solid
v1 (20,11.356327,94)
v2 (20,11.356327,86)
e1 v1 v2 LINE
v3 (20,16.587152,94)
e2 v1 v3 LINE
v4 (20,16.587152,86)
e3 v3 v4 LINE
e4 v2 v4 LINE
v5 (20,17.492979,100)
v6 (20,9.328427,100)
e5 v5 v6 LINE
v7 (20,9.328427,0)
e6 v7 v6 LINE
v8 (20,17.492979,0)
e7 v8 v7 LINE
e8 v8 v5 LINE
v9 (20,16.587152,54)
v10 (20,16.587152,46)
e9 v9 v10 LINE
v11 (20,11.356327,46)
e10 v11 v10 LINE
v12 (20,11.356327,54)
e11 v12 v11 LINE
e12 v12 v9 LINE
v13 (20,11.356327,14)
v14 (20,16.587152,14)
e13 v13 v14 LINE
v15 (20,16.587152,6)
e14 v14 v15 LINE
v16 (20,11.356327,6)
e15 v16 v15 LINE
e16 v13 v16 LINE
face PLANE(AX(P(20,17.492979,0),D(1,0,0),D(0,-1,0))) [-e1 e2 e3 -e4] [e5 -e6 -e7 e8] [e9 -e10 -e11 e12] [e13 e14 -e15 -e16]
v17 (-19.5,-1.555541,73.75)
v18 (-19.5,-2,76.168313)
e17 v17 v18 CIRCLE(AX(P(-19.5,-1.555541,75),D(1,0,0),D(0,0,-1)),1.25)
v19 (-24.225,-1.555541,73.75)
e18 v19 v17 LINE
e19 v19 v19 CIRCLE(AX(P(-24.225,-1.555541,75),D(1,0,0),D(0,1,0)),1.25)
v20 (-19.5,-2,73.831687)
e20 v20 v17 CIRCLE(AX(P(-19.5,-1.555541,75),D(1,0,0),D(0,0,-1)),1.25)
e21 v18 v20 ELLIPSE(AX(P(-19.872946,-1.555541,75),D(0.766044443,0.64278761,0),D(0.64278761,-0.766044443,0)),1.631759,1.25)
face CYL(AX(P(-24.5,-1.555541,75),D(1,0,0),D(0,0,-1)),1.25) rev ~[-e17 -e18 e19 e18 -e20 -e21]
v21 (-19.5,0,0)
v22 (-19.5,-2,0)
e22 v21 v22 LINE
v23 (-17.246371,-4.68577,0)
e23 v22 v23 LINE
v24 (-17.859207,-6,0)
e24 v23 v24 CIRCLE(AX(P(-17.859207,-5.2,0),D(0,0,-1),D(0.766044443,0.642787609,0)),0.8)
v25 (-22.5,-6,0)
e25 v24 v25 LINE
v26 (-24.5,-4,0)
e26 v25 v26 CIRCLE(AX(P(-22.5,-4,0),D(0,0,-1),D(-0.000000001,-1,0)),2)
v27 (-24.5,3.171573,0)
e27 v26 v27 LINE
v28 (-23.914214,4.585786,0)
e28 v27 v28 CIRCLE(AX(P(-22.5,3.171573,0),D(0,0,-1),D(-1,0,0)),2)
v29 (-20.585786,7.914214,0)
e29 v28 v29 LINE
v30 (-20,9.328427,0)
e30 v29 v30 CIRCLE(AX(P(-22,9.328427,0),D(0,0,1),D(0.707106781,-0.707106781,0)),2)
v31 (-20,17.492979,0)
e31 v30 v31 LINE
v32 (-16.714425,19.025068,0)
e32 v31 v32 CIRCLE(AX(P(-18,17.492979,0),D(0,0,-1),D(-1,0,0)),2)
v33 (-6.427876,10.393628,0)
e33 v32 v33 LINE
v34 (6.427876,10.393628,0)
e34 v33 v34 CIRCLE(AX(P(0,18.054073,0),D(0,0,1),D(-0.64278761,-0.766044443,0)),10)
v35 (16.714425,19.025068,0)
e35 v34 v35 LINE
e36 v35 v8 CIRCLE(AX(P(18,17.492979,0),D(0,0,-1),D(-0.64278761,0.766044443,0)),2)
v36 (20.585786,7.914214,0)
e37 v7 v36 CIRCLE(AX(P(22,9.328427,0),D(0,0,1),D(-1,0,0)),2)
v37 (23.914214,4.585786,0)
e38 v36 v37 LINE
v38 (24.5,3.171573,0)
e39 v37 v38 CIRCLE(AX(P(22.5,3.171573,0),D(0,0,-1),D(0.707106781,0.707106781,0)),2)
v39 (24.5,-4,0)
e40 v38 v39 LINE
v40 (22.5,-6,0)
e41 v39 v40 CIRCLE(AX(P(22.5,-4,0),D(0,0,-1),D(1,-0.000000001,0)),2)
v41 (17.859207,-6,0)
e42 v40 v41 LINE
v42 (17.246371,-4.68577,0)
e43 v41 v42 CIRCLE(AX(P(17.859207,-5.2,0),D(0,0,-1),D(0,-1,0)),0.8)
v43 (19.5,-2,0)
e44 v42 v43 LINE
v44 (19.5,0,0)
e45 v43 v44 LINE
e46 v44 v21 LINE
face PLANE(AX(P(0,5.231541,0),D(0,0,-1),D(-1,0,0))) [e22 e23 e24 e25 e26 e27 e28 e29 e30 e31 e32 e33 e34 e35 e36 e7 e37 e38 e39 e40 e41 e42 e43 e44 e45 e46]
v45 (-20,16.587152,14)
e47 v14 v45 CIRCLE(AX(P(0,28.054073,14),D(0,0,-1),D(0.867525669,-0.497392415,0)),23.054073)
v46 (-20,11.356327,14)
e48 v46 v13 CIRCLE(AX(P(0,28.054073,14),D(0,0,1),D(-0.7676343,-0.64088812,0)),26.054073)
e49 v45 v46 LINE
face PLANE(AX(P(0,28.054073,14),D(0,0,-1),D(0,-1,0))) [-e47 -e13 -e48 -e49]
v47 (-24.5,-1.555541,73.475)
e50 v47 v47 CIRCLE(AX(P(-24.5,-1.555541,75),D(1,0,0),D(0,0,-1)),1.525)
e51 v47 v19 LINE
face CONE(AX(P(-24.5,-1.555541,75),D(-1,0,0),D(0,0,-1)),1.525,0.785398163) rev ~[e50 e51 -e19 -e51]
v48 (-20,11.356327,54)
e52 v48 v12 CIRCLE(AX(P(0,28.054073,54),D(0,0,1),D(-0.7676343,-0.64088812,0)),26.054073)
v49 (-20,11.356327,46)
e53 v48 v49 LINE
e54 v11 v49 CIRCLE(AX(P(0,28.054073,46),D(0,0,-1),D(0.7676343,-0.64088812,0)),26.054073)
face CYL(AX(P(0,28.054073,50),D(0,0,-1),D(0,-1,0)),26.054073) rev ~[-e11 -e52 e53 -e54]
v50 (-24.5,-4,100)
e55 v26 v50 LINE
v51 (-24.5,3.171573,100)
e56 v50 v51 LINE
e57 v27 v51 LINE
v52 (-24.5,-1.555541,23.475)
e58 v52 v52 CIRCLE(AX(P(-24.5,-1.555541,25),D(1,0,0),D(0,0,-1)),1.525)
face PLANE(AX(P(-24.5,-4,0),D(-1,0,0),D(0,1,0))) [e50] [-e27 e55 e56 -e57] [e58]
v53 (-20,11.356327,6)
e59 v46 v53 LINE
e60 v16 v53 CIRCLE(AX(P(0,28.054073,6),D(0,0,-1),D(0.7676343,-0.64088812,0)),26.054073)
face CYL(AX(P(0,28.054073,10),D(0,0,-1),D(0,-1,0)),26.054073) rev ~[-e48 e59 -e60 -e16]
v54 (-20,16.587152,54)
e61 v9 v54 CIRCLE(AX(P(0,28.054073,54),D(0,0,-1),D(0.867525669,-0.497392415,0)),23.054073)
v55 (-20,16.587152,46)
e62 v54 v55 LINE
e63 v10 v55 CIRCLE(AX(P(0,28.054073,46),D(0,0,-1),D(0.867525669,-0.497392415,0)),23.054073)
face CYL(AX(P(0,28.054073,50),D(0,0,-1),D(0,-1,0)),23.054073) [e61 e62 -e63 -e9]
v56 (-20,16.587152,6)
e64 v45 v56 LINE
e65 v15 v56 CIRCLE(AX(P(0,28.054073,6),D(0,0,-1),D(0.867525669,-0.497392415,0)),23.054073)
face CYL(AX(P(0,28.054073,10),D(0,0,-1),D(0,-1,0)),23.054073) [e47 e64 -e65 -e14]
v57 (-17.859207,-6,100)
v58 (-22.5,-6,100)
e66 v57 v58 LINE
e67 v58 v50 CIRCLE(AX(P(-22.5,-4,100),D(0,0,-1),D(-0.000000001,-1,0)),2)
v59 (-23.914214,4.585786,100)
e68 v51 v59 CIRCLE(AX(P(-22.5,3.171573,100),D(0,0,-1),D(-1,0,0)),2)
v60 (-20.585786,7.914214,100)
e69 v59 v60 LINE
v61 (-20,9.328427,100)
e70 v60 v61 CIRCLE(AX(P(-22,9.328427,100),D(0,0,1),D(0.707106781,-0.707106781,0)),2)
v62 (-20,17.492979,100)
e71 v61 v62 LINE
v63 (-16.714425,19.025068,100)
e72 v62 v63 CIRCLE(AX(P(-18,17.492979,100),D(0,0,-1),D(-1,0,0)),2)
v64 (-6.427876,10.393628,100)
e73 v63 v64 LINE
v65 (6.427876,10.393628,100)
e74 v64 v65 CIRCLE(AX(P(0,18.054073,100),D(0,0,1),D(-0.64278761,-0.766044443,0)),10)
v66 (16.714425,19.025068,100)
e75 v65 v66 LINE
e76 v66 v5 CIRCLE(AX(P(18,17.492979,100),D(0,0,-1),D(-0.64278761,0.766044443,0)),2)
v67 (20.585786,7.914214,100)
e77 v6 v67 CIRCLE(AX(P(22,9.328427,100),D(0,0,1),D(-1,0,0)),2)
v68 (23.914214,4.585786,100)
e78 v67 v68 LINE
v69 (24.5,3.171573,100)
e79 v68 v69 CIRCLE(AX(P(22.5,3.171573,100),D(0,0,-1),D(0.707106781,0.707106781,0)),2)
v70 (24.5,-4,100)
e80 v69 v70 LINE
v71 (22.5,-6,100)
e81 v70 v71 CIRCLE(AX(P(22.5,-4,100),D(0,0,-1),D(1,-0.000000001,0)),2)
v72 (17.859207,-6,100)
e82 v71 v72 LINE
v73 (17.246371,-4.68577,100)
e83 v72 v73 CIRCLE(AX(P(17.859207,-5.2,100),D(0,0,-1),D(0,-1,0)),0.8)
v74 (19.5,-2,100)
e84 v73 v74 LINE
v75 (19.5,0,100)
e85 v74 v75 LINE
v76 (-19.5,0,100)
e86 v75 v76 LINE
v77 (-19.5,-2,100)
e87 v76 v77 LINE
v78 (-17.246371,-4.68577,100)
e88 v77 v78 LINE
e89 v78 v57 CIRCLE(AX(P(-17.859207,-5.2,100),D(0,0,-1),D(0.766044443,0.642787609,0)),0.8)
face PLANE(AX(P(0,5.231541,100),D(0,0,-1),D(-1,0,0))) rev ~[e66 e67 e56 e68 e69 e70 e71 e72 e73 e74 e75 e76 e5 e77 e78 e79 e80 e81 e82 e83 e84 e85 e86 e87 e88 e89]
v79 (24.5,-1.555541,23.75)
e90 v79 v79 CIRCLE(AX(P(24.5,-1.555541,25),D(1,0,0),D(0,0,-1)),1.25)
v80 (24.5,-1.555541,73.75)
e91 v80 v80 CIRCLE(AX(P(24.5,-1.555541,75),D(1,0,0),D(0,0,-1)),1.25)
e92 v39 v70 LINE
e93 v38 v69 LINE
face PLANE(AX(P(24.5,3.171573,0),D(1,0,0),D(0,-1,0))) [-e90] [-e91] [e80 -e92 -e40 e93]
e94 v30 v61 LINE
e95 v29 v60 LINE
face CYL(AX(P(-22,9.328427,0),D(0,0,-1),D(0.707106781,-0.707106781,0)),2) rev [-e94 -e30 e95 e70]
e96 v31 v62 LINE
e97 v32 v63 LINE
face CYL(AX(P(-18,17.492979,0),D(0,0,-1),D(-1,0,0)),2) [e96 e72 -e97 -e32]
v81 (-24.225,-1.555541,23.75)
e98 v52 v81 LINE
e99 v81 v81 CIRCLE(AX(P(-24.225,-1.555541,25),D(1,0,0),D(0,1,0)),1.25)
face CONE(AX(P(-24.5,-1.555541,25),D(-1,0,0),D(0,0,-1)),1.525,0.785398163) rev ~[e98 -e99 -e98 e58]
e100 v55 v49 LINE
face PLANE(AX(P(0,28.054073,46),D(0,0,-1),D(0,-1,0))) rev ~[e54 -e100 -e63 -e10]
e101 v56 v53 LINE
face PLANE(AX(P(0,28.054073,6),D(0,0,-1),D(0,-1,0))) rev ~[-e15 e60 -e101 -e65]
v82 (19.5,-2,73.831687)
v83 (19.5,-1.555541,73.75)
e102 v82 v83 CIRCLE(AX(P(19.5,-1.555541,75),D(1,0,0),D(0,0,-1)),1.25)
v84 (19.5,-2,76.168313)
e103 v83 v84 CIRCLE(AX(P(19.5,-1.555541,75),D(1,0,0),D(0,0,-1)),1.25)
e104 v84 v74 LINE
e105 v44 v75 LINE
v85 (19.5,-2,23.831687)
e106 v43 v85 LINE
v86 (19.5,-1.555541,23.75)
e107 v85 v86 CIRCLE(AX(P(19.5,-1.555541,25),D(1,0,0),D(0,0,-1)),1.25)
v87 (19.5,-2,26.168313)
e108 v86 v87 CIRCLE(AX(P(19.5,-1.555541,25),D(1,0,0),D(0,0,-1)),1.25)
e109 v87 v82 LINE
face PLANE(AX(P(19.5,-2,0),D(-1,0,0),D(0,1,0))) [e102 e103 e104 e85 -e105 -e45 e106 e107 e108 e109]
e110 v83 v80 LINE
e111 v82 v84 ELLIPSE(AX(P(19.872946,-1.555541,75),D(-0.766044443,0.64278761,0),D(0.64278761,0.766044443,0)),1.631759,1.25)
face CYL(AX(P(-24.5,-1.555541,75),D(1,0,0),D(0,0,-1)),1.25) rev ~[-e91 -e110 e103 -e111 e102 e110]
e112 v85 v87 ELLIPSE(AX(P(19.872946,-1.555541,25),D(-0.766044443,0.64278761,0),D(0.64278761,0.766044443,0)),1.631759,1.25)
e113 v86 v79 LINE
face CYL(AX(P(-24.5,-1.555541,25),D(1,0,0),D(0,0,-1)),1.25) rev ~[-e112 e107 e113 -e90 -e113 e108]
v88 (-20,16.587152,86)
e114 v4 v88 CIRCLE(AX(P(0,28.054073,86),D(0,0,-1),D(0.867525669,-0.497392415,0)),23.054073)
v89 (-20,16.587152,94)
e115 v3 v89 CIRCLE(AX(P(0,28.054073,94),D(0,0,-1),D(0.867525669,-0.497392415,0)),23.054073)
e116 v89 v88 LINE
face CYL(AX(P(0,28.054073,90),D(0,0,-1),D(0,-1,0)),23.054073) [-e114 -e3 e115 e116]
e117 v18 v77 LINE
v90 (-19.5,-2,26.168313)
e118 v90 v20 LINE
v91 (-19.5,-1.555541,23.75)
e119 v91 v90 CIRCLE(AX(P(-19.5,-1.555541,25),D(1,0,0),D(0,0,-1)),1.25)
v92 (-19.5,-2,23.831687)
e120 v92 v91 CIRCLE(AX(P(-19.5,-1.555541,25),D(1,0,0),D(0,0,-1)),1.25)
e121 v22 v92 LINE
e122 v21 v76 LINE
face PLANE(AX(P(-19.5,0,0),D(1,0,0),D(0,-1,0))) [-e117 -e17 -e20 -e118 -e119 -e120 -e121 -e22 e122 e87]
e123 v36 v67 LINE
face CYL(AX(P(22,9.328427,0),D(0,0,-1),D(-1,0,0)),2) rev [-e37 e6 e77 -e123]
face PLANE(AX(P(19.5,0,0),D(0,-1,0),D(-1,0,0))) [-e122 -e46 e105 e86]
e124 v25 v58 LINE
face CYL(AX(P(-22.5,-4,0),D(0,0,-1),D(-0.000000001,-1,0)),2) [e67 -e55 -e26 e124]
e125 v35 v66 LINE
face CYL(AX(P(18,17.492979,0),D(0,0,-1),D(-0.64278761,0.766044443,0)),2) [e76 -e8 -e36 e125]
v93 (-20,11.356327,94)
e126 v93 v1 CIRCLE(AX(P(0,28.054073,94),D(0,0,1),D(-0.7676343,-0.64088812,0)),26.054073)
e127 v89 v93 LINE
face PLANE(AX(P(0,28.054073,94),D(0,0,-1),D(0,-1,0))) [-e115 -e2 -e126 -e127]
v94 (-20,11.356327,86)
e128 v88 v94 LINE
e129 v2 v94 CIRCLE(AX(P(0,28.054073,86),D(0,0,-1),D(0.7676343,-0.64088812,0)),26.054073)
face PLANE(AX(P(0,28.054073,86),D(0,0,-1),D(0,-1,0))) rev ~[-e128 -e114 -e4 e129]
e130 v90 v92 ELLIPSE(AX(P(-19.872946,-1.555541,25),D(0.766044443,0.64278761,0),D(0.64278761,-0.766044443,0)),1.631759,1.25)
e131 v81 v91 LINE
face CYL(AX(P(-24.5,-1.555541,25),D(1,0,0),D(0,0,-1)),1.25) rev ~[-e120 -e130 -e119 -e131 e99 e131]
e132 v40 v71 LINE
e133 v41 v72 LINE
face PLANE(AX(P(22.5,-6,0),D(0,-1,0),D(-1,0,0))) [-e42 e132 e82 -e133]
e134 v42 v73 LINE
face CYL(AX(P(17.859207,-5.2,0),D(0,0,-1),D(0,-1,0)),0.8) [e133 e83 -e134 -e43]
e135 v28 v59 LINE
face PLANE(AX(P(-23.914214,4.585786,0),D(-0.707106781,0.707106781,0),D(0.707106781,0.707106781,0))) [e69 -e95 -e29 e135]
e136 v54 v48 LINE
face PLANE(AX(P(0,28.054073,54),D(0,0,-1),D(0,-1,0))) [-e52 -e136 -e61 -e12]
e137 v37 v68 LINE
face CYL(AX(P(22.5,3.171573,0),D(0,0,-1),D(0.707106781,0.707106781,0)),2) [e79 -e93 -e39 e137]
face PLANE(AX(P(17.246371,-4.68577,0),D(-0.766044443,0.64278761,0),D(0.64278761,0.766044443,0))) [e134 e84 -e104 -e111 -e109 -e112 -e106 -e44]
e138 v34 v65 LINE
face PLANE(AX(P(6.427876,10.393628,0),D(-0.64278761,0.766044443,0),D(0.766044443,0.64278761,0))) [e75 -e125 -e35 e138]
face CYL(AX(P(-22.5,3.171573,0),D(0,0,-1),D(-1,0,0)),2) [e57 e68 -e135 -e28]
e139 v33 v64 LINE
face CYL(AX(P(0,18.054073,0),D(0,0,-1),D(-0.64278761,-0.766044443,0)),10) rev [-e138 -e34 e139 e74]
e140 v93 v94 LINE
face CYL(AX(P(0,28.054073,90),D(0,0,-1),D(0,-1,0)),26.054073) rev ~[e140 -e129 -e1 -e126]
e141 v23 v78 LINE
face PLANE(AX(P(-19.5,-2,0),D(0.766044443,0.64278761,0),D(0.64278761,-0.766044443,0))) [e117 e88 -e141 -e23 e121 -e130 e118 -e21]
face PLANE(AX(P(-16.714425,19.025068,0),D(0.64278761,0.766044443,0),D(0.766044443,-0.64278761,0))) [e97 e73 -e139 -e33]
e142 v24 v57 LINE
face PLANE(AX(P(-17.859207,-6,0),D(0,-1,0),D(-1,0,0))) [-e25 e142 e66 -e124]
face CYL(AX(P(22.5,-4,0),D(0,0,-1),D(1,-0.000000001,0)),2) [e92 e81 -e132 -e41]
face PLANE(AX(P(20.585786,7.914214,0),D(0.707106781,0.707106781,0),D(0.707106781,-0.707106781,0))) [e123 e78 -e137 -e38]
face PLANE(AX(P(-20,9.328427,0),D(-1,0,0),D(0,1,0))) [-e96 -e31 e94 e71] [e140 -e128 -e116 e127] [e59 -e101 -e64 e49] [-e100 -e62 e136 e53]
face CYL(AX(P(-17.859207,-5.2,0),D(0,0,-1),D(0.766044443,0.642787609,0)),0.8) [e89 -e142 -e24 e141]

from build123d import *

# Parameters (mm, degrees)
BOSS_EXTRUDE1_DEPTH             = 100
SKETCH2_W                       = 8
SKETCH2_H                       = 3
M3X0_5_TAPPED_HOLE1_D           = 2.5
M3X0_5_TAPPED_HOLE1_CSINK_D     = 3.05
M3X0_5_TAPPED_HOLE1_CSINK_ANGLE = 90


with BuildPart() as part:
    # Sketch1 → Boss-Extrude1 (new body)
    with BuildSketch(Plane.XY):
        with BuildLine():
            Line((6.427876097, 10.393628462), (16.714424781, 19.025067669))
            ThreePointArc((16.714424781, 19.025067669), (18.845236523, 19.305594357), (20, 17.492978783))
            Line((20, 17.492978783), (20, 9.328427125))
            ThreePointArc((20, 9.328427125), (20.152240935, 8.56306026), (20.585786438, 7.914213562))
            Line((20.585786438, 7.914213562), (23.914213562, 4.585786438))
            ThreePointArc((23.914213562, 4.585786438), (24.347759065, 3.93693974), (24.5, 3.171572875))
            Line((24.5, 3.171572875), (24.5, -4))
            ThreePointArc((24.5, -4), (23.914213562, -5.414213562), (22.5, -6))
            Line((22.5, -6), (17.859207012, -6))
            ThreePointArc((17.859207012, -6), (17.134160782, -5.538094609), (17.246371457, -4.685769912))
            Line((17.246371457, -4.685769912), (19.5, -2))
            Line((19.5, -2), (19.5, 0))
            Line((19.5, 0), (-19.5, 0))
            Line((-19.5, 0), (-19.5, -2))
            Line((-19.5, -2), (-17.246371457, -4.685769912))
            ThreePointArc((-17.246371457, -4.685769912), (-17.134160782, -5.538094609), (-17.859207012, -6))
            Line((-17.859207012, -6), (-22.5, -6))
            ThreePointArc((-22.5, -6), (-23.914213562, -5.414213562), (-24.5, -4))
            Line((-24.5, -4), (-24.5, 3.171572875))
            ThreePointArc((-24.5, 3.171572875), (-24.347759065, 3.93693974), (-23.914213562, 4.585786438))
            Line((-23.914213562, 4.585786438), (-20.585786438, 7.914213562))
            ThreePointArc((-20.585786438, 7.914213562), (-20.152240935, 8.56306026), (-20, 9.328427125))
            Line((-20, 9.328427125), (-20, 17.492978783))
            ThreePointArc((-20, 17.492978783), (-18.845236523, 19.305594357), (-16.714424781, 19.025067669))
            Line((-16.714424781, 19.025067669), (-6.427876097, 10.393628462))
            ThreePointArc((-6.427876097, 10.393628462), (0, 8.054072893), (6.427876097, 10.393628462))
        make_face()
    extrude(amount=BOSS_EXTRUDE1_DEPTH)

    # Sketch2 → Cut-Revolve1 (revolve, cut)
    with BuildSketch(Plane(origin=(0, 0, 0), x_dir=(0, 0, -1), z_dir=(1, 0, 0))):
        with Locations((-10, 3.5)):
            Rectangle(SKETCH2_W, SKETCH2_H)
        with Locations((-50, 3.5)):
            Rectangle(SKETCH2_W, SKETCH2_H)
        with Locations((-90, 3.5)):
            Rectangle(SKETCH2_W, SKETCH2_H)
    revolve(axis=Axis((0, 28.054072893, 89.353848425), (0, 0, -1)), mode=Mode.SUBTRACT)

    # M3x0.5 Tapped Hole1 (through all)
    with Locations(Plane.ZY.offset(24.5)):
        with Locations((25, -1.555540573), (75, -1.555540573)):
            CounterSinkHole(M3X0_5_TAPPED_HOLE1_D / 2, M3X0_5_TAPPED_HOLE1_CSINK_D / 2, counter_sink_angle=M3X0_5_TAPPED_HOLE1_CSINK_ANGLE)


solid = part.part
